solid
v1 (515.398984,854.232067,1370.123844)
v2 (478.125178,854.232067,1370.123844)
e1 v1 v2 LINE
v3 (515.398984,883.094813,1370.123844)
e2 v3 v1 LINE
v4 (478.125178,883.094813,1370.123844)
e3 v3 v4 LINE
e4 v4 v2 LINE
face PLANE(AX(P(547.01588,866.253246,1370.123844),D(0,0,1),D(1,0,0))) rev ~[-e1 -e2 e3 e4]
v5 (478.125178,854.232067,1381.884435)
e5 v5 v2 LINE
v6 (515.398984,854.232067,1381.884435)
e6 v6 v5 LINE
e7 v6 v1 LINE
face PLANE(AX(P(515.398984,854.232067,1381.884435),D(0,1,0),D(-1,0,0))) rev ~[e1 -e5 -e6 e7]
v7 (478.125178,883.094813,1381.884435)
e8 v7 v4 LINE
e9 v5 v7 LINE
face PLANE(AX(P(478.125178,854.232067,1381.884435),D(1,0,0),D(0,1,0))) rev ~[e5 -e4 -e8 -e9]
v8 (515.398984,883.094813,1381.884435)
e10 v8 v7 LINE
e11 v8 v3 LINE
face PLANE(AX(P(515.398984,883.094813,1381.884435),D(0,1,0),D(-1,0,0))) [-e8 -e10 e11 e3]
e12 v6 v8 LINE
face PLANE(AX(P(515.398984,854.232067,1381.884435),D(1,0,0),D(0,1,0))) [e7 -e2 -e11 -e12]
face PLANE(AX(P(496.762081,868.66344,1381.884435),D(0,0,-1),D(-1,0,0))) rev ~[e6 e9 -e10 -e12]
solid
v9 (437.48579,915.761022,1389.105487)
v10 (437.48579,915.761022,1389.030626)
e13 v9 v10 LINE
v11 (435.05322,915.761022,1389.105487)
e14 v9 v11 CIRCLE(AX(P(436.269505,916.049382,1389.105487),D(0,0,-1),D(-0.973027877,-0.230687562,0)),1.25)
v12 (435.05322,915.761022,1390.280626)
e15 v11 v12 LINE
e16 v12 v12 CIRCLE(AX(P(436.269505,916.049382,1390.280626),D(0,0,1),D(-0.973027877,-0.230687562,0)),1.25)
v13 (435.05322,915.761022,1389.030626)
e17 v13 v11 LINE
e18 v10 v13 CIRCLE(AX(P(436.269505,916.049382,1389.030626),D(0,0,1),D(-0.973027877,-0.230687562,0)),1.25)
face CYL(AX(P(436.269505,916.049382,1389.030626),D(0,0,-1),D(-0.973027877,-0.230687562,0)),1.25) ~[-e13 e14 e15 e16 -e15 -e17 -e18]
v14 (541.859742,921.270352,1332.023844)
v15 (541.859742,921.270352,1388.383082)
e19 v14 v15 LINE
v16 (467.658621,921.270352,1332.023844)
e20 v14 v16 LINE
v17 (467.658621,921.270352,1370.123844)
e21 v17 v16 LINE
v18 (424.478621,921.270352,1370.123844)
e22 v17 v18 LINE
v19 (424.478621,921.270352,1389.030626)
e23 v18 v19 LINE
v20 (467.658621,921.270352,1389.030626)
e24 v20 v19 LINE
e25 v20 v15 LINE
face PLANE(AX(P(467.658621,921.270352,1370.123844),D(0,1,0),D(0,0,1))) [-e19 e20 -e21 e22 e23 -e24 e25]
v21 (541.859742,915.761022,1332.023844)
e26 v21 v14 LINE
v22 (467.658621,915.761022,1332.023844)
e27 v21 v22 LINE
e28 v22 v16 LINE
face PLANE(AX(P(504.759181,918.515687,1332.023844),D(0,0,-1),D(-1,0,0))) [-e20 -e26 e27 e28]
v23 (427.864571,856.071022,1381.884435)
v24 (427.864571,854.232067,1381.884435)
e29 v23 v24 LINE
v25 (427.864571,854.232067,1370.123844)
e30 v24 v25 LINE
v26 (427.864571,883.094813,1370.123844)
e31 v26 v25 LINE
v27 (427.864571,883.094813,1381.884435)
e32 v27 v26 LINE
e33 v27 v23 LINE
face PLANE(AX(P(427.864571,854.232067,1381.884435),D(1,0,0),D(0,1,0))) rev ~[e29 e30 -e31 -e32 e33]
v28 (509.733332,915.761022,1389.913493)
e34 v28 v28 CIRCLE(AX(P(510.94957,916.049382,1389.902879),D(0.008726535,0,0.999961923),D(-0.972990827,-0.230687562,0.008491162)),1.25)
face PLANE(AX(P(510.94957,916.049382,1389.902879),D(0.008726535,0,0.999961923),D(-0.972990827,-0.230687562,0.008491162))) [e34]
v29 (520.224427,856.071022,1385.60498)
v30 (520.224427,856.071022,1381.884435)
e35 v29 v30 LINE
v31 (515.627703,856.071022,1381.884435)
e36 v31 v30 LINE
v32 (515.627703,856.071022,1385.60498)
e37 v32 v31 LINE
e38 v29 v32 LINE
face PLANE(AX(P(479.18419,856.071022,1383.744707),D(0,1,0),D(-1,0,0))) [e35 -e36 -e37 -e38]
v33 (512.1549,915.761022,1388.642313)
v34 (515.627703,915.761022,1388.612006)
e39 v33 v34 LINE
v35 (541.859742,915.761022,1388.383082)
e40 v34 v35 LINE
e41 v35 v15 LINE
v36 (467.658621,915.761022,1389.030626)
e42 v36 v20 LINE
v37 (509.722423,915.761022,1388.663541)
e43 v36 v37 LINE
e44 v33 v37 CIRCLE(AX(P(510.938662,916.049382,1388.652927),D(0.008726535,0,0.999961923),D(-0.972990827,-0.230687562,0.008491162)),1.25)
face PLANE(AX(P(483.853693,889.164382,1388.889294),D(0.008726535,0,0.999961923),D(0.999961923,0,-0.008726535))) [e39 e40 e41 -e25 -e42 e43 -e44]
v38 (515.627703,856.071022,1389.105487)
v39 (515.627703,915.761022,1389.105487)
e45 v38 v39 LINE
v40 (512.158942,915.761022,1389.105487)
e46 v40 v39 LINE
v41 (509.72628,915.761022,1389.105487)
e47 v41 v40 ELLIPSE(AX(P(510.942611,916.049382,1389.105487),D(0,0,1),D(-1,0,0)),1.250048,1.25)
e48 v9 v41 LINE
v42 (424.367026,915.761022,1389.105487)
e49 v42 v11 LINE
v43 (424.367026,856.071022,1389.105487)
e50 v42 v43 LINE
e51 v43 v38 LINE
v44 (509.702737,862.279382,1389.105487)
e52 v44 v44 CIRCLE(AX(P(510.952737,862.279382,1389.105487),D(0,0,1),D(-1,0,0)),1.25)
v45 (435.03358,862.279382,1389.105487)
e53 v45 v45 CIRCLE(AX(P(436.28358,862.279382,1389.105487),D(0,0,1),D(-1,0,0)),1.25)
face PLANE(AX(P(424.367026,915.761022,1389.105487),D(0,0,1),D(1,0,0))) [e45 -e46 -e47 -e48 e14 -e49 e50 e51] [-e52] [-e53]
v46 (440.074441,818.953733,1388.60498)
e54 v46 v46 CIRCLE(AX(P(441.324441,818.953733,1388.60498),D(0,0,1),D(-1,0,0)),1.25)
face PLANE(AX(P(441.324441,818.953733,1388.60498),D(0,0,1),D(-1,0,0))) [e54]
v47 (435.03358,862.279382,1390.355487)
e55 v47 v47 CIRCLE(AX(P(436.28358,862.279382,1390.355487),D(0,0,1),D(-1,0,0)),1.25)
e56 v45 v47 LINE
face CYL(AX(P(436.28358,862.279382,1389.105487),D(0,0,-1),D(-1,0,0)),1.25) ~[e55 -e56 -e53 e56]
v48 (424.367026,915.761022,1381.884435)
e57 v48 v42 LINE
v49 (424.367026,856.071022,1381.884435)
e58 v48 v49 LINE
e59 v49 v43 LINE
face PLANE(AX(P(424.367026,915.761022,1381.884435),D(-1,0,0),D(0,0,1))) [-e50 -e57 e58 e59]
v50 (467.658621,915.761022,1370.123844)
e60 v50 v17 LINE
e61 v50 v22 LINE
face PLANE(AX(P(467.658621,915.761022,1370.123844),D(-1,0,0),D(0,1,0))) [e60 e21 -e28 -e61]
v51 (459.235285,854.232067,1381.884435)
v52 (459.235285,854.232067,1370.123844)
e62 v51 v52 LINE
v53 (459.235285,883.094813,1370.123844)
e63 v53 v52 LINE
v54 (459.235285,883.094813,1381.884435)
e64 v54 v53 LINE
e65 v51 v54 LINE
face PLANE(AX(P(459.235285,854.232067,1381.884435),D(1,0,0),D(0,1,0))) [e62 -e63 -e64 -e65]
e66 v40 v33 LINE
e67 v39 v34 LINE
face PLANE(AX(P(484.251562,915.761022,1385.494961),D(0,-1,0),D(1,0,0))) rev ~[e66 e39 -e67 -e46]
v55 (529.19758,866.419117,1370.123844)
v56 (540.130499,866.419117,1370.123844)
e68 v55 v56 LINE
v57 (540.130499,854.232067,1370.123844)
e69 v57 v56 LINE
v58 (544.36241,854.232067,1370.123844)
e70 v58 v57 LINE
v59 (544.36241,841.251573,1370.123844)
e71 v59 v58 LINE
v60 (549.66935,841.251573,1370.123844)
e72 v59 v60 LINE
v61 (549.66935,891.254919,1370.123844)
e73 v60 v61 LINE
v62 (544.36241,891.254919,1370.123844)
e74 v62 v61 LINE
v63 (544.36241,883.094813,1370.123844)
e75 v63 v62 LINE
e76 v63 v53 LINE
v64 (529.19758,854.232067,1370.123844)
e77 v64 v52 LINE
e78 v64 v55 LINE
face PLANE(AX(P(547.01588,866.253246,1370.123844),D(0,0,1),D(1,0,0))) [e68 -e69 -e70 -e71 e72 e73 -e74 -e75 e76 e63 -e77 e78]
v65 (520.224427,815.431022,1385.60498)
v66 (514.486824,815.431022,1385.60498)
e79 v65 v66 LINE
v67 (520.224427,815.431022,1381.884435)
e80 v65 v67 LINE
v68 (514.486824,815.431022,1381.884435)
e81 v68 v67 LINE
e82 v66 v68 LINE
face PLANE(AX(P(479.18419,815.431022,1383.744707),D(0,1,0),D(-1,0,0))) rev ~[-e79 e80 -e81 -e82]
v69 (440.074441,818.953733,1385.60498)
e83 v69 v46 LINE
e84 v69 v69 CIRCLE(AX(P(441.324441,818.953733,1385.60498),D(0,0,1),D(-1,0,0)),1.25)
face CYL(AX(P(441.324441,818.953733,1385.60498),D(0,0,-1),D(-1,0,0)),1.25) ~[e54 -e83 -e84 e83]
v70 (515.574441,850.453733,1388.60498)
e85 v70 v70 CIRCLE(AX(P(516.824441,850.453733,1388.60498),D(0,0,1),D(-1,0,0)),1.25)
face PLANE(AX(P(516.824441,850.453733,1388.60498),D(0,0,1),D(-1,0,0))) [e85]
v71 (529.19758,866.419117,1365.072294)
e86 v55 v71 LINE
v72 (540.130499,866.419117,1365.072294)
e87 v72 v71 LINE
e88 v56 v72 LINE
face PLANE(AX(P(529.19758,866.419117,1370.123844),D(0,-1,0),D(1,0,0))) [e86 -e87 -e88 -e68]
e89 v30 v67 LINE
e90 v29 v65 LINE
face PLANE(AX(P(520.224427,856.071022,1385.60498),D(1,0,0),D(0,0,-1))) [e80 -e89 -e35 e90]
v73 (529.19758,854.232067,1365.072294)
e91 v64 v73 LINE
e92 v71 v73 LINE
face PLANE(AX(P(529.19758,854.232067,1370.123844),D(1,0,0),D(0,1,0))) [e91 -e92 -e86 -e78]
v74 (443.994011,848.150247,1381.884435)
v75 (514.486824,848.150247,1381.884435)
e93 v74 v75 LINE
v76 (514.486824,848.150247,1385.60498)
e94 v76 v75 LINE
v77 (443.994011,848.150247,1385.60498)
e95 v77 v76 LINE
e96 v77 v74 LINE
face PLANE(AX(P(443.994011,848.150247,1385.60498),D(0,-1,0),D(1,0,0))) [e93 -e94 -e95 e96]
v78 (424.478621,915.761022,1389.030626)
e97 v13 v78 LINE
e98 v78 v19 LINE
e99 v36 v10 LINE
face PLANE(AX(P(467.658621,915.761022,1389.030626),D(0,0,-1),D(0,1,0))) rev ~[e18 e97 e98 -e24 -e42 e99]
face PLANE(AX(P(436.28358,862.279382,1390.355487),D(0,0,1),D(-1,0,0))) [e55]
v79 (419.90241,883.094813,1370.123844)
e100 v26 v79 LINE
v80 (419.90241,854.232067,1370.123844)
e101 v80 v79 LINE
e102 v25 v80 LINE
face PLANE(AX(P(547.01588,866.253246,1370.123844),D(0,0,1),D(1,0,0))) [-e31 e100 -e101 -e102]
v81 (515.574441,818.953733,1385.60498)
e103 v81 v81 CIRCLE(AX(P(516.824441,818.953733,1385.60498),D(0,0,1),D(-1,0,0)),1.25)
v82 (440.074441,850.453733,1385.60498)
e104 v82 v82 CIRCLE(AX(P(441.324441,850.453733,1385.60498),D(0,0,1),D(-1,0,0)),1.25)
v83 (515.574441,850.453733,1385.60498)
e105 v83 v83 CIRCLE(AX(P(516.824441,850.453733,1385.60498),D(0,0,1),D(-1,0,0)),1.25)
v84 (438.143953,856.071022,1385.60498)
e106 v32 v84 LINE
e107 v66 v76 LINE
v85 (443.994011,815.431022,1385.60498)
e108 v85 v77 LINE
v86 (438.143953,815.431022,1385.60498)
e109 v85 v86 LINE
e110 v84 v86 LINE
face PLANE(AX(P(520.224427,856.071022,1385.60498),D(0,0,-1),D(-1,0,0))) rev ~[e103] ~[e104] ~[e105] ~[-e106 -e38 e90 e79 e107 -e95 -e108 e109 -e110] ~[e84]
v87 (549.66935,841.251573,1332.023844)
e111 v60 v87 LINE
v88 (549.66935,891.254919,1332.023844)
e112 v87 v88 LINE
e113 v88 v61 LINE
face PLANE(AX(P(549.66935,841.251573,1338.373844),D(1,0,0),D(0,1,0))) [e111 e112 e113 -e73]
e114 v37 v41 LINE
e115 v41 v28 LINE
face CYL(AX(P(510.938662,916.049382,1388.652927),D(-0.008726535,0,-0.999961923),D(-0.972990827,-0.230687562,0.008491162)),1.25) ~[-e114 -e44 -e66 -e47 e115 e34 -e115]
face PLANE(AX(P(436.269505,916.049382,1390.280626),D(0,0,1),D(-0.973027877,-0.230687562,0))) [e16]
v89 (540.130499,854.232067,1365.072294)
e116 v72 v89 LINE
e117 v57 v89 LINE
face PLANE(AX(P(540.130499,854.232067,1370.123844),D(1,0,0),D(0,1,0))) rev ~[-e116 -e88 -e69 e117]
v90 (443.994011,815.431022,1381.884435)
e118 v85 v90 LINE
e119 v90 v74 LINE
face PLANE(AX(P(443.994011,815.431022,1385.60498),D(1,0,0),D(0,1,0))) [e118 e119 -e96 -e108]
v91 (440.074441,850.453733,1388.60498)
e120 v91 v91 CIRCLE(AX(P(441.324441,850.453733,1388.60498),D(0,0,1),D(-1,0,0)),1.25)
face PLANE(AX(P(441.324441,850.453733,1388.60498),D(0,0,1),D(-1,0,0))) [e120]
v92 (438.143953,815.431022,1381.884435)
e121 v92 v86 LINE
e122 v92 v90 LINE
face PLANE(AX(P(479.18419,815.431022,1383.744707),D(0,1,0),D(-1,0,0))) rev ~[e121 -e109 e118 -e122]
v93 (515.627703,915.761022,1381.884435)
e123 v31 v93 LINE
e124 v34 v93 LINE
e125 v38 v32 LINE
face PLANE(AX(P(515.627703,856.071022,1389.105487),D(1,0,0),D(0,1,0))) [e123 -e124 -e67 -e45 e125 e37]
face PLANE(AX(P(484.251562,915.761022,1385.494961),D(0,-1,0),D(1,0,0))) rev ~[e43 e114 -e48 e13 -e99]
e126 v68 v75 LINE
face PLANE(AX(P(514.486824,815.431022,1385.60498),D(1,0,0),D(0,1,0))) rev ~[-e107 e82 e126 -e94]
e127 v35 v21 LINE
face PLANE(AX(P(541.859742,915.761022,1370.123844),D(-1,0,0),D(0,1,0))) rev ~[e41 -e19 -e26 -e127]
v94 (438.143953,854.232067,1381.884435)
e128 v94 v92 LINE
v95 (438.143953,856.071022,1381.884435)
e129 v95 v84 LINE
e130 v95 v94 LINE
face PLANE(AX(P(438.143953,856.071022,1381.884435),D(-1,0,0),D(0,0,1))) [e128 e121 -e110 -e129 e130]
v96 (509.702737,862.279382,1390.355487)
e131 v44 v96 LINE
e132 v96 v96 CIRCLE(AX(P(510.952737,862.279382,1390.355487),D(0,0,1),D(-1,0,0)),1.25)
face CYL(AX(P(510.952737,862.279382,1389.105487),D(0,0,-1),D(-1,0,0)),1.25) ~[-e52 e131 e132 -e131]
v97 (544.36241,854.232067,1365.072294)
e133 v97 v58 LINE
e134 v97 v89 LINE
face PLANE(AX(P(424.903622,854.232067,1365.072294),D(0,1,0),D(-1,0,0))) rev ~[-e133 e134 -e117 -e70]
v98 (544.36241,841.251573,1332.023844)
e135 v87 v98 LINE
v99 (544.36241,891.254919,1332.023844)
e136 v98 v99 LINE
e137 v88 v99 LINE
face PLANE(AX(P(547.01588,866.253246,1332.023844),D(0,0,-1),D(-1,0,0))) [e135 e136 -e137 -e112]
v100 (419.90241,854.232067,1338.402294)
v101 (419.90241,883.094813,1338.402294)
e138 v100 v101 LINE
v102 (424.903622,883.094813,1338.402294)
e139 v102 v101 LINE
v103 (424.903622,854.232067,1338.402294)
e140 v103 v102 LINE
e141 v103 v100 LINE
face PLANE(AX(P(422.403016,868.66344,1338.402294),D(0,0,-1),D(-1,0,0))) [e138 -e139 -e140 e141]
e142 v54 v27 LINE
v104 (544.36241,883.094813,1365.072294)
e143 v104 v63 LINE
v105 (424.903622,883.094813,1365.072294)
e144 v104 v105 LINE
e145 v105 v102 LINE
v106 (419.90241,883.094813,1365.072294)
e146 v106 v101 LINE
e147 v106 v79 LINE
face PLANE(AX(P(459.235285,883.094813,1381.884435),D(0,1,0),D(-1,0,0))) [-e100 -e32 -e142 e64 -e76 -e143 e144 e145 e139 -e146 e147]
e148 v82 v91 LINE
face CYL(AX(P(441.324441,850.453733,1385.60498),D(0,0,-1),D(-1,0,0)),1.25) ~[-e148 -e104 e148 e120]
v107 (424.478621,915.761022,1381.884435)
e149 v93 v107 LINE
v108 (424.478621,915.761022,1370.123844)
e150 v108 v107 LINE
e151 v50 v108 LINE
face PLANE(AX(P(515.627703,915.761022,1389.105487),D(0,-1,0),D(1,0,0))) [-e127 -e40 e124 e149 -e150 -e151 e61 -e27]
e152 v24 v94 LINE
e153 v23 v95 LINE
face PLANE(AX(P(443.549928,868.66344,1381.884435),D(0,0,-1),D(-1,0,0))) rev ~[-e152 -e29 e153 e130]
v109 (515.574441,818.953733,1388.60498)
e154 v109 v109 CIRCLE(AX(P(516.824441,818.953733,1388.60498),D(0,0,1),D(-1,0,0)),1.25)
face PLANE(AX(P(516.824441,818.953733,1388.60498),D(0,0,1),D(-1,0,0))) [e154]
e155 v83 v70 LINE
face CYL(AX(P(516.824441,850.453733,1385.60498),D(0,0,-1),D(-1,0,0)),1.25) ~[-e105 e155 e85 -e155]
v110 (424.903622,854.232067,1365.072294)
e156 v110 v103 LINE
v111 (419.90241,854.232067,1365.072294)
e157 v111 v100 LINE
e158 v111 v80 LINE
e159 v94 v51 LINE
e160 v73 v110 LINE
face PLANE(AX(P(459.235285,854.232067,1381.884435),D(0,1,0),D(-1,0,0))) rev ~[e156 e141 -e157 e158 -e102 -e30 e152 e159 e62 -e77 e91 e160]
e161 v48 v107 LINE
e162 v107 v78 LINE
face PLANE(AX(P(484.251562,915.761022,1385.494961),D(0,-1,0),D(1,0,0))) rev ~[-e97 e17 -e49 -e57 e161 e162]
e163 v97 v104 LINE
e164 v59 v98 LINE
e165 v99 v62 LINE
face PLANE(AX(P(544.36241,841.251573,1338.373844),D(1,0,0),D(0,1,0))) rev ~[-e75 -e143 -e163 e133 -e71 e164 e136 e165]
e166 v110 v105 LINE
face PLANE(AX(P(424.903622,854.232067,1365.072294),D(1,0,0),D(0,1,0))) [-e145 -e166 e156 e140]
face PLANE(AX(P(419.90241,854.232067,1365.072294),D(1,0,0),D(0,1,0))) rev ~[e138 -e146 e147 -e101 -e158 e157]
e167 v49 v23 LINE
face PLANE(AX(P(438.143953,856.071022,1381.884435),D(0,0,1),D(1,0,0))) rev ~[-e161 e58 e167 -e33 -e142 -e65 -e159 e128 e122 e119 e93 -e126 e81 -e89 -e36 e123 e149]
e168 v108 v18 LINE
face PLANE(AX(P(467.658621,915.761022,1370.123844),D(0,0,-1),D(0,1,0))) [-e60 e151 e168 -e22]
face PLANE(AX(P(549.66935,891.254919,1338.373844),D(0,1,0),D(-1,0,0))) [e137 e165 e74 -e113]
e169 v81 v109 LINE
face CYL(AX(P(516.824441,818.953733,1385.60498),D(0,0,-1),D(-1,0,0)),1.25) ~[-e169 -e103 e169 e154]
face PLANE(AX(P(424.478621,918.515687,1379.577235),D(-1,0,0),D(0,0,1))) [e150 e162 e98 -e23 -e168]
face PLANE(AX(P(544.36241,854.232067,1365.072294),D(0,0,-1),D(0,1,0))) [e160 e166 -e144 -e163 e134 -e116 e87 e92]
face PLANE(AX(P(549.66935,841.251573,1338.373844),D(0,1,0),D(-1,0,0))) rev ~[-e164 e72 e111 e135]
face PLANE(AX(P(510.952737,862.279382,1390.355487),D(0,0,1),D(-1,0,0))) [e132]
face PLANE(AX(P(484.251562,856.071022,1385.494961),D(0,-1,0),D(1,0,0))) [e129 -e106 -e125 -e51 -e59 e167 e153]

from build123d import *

# Parameters (mm, degrees)
SKETCH2_W             = 74.20112143
SKETCH2_H             = 5.509329328
BOSS_EXTRUDE1_DEPTH   = 31.75
SKETCH2_W_2           = 5.306940646
SKETCH2_H_2           = 50.003346063
BOSS_EXTRUDE1_2_DEPTH = 31.75
SKETCH3_W             = 74.20112143
SKETCH3_H             = 5.509329328
SKETCH3_W_2           = 5.306940646
SKETCH3_H_2           = 50.003346063
BOSS_EXTRUDE2_DEPTH   = 6.35
SKETCH4_W             = 5.051549335
SKETCH4_H             = 28.862745674
BOSS_EXTRUDE3_DEPTH   = 124.46
SKETCH5_W             = 5.001212889
SKETCH5_H             = 28.862745674
BOSS_EXTRUDE4_DEPTH   = 26.67
BOSS_EXTRUDE7_REACH   = 1075.465
SKETCH9_W             = 74.20112143
SKETCH9_H             = 5.509329328
SKETCH11_W            = 119.769071802
SKETCH11_H            = 7.221051578
BOSS_EXTRUDE8_DEPTH   = 59.69
SKETCH12_W            = 18.906782183
SKETCH12_H            = 5.509329328
BOSS_EXTRUDE9_DEPTH   = 43.18
SKETCH13_R            = 1.25
BOSS_EXTRUDE10_DEPTH  = 1.25
SKETCH14_R            = 1.25
BOSS_EXTRUDE11_DEPTH  = 1.25
SKETCH15_R            = 1.25
BOSS_EXTRUDE12_DEPTH  = 1.25
SKETCH17_W            = 28.508394359
SKETCH17_H            = 59.69
CUT_EXTRUDE1_DEPTH    = 7.62
SKETCH18_W            = 10.932918465
SKETCH18_H            = 12.187050208
CUT_EXTRUDE2_DEPTH    = 7.62
BOSS_EXTRUDE13_DEPTH  = 40.64
SKETCH21_W            = 70.492813389
SKETCH21_H            = 32.719224038
CUT_EXTRUDE3_DEPTH    = 12.7
SKETCH22_R            = 1.25
BOSS_EXTRUDE14_DEPTH  = 3
BOSS_EXTRUDE15_REACH  = 1075.947
SKETCH24_W            = 37.273805704
SKETCH24_H            = 28.862745674
BOSS_EXTRUDE16_REACH  = 1075.947
SKETCH25_W            = 31.370714304
SKETCH25_H            = 28.862745674


with BuildPart() as part:
    # Sketch2 → Boss-Extrude1 (new body)
    with BuildSketch(Plane.XY.offset(1338.373843603)):
        with Locations((504.759181332, 918.515687133)):
            Rectangle(SKETCH2_W, SKETCH2_H)
    extrude(amount=BOSS_EXTRUDE1_DEPTH)



with BuildPart() as body_2:
    # Sketch2 → Boss-Extrude1 2 (new body)
    with BuildSketch(Plane.XY.offset(1338.373843603)):
        with Locations((547.015879906, 866.253246095)):
            Rectangle(SKETCH2_W_2, SKETCH2_H_2)
    extrude(amount=BOSS_EXTRUDE1_2_DEPTH)


with BuildPart() as part_1:
    add(part.part)

    add(body_2.part)  # Boss-Extrude2 merges body 2
    # Sketch3 → Boss-Extrude2 (add)
    with BuildSketch(Plane(origin=(0, 0, 1338.373843603), x_dir=(-1, 0, 0), z_dir=(0, 0, -1))):
        with Locations((-504.759181332, 918.515687133)):
            Rectangle(SKETCH3_W, SKETCH3_H)
        with Locations((-547.015879906, 866.253246095)):
            Rectangle(SKETCH3_W_2, SKETCH3_H_2)
    extrude(amount=BOSS_EXTRUDE2_DEPTH)

    # Sketch4 → Boss-Extrude3 (add)
    with BuildSketch(Plane.ZY.offset(-544.362409583)):
        with Locations((1367.598068936, 868.663439861)):
            Rectangle(SKETCH4_W, SKETCH4_H)
    extrude(amount=BOSS_EXTRUDE3_DEPTH)

    # Sketch5 → Boss-Extrude4 (add)
    with BuildSketch(Plane(origin=(0, 0, 1365.072294268), x_dir=(-1, 0, 0), z_dir=(0, 0, -1))):
        with Locations((-422.403016028, 868.663439861)):
            Rectangle(SKETCH5_W, SKETCH5_H)
    extrude(amount=BOSS_EXTRUDE4_DEPTH)



with BuildPart() as body_2_2:
    # Boss-Extrude7: up to this plane
    boss_extrude7_end = Plane(origin=(483.853693238, 889.164381922, 1388.889293529), z_dir=(0.008726535498373836, 0, 0.9999619230641713))
    # Sketch9 → Boss-Extrude7 (new, up to the surface)
    with BuildSketch(Plane.XY.offset(1370.123843603), mode=Mode.PRIVATE) as boss_extrude7_sk1:
        with Locations((504.759181332, 918.515687133)):
            Rectangle(SKETCH9_W, SKETCH9_H)
    boss_extrude7_tool1 = split(extrude(boss_extrude7_sk1.sketch, amount=BOSS_EXTRUDE7_REACH, mode=Mode.PRIVATE), bisect_by=boss_extrude7_end, keep=Keep.BOTH, mode=Mode.PRIVATE)
    add(boss_extrude7_tool1.solids().sort_by_distance((504.759181, 918.515687, 1370.123844))[0])

    # Sketch11 → Boss-Extrude8 (add)
    with BuildSketch(Plane.XZ.offset(-915.761022469)):
        with Locations((484.251561922, 1385.494960895)):
            Rectangle(SKETCH11_W, SKETCH11_H)
    extrude(amount=BOSS_EXTRUDE8_DEPTH)


with BuildPart() as part_2:
    add(part_1.part)

    add(body_2_2.part)  # Boss-Extrude9 merges body 2 2
    # Sketch12 → Boss-Extrude9 (add)
    with BuildSketch(Plane.ZY.offset(-467.658620617)):
        with Locations((1379.577234695, 918.515687133)):
            Rectangle(SKETCH12_W, SKETCH12_H)
    extrude(amount=BOSS_EXTRUDE9_DEPTH)

    # Sketch13 → Boss-Extrude10 (add)
    with BuildSketch(Plane.XY.offset(1389.105486684)):
        with Locations(Location((436.283580196, 862.279381922, 0), (0, 0, 180))):
            Circle(SKETCH13_R)
        with Locations(Location((510.952736915, 862.279381922, 0), (0, 0, 180))):
            Circle(SKETCH13_R)
    extrude(amount=BOSS_EXTRUDE10_DEPTH)

    # Sketch14 → Boss-Extrude11 (add)
    with BuildSketch(Plane.XY.offset(1389.030625786)):
        with Locations(Location((436.269505167, 916.049381922, 0), (0, 0, 193.337554782))):
            Circle(SKETCH14_R)
    extrude(amount=BOSS_EXTRUDE11_DEPTH)

    # Sketch15 → Boss-Extrude12 (add)
    with BuildSketch(Plane(origin=(12.156576854, 0, 1393.005731901), x_dir=(0.9999619230641713, 0, -0.008726535498373836), z_dir=(0.008726535498373836, 0, 0.9999619230641713))):
        with Locations(Location((498.801077848, 916.049381922, 0), (0, 0, 193.337554782))):
            Circle(SKETCH15_R)
    extrude(amount=BOSS_EXTRUDE12_DEPTH)

    # Sketch17 → Cut-Extrude1 (cut)
    with BuildSketch(Plane.XY.offset(1389.105486684)):
        with Locations((529.881900643, 885.916022469)):
            Rectangle(SKETCH17_W, SKETCH17_H)
    extrude(amount=-CUT_EXTRUDE1_DEPTH, mode=Mode.SUBTRACT)

    # Sketch18 → Cut-Extrude2 (cut)
    with BuildSketch(Plane.XY.offset(1370.123843603)):
        with Locations((534.664039293, 860.325592128)):
            Rectangle(SKETCH18_W, SKETCH18_H)
    extrude(amount=-CUT_EXTRUDE2_DEPTH, mode=Mode.SUBTRACT)

    # Sketch20 → Boss-Extrude13 (add)
    with BuildSketch(Plane.XZ.offset(-856.071022469)):
        Polygon((515.627703464, 1385.604979593), (520.22442703, 1385.604979593), (520.22442703, 1381.884435106), (515.627703464, 1381.884435106), (438.143953154, 1381.884435106), (438.143953154, 1385.604979593), align=None)
    extrude(amount=BOSS_EXTRUDE13_DEPTH)

    # Sketch21 → Cut-Extrude3 (cut)
    with BuildSketch(Plane.XY.offset(1385.604979593)):
        with Locations((479.240417437, 831.790634488)):
            Rectangle(SKETCH21_W, SKETCH21_H)
    extrude(amount=-CUT_EXTRUDE3_DEPTH, mode=Mode.SUBTRACT)

    # Sketch22 → Boss-Extrude14 (add)
    with BuildSketch(Plane.XY.offset(1385.604979593)):
        with Locations(Location((516.824440929, 850.453733138, 0), (0, 0, 180))):
            Circle(SKETCH22_R)
        with Locations(Location((516.824440929, 818.953733138, 0), (0, 0, 180))):
            Circle(SKETCH22_R)
        with Locations(Location((441.324440929, 850.453733138, 0), (0, 0, 180))):
            Circle(SKETCH22_R)
        with Locations(Location((441.324440929, 818.953733138, 0), (0, 0, 180))):
            Circle(SKETCH22_R)
    extrude(amount=BOSS_EXTRUDE14_DEPTH)


with BuildPart() as body_2_3:

    # Sketch24 → Boss-Extrude15 (new, up to next)
    with BuildSketch(Plane(origin=(0, 0, 1381.884435106), x_dir=(-1, 0, 0), z_dir=(0, 0, -1)), mode=Mode.PRIVATE) as boss_extrude15_sk1:
        with Locations((-496.762080789, 868.663439861)):
            Rectangle(SKETCH24_W, SKETCH24_H)
    boss_extrude15_tool1 = extrude(boss_extrude15_sk1.sketch, amount=BOSS_EXTRUDE15_REACH, mode=Mode.PRIVATE) - part_2.part
    add(boss_extrude15_tool1.solids().sort_by_distance((496.762081, 868.66344, 1381.884435))[0])


with BuildPart() as part_3:
    add(part_2.part)

    # Sketch25 → Boss-Extrude16 (add, up to next)
    with BuildSketch(Plane(origin=(0, 0, 1381.884435106), x_dir=(-1, 0, 0), z_dir=(0, 0, -1)), mode=Mode.PRIVATE) as boss_extrude16_sk1:
        with Locations((-443.549928301, 868.663439861)):
            Rectangle(SKETCH25_W, SKETCH25_H)
    boss_extrude16_tool1 = extrude(boss_extrude16_sk1.sketch, amount=BOSS_EXTRUDE16_REACH, mode=Mode.PRIVATE) - part_3.part
    add(boss_extrude16_tool1.solids().sort_by_distance((443.549928, 868.66344, 1381.884435))[0])


solid = Compound([body_2_3.part, part_3.part])
